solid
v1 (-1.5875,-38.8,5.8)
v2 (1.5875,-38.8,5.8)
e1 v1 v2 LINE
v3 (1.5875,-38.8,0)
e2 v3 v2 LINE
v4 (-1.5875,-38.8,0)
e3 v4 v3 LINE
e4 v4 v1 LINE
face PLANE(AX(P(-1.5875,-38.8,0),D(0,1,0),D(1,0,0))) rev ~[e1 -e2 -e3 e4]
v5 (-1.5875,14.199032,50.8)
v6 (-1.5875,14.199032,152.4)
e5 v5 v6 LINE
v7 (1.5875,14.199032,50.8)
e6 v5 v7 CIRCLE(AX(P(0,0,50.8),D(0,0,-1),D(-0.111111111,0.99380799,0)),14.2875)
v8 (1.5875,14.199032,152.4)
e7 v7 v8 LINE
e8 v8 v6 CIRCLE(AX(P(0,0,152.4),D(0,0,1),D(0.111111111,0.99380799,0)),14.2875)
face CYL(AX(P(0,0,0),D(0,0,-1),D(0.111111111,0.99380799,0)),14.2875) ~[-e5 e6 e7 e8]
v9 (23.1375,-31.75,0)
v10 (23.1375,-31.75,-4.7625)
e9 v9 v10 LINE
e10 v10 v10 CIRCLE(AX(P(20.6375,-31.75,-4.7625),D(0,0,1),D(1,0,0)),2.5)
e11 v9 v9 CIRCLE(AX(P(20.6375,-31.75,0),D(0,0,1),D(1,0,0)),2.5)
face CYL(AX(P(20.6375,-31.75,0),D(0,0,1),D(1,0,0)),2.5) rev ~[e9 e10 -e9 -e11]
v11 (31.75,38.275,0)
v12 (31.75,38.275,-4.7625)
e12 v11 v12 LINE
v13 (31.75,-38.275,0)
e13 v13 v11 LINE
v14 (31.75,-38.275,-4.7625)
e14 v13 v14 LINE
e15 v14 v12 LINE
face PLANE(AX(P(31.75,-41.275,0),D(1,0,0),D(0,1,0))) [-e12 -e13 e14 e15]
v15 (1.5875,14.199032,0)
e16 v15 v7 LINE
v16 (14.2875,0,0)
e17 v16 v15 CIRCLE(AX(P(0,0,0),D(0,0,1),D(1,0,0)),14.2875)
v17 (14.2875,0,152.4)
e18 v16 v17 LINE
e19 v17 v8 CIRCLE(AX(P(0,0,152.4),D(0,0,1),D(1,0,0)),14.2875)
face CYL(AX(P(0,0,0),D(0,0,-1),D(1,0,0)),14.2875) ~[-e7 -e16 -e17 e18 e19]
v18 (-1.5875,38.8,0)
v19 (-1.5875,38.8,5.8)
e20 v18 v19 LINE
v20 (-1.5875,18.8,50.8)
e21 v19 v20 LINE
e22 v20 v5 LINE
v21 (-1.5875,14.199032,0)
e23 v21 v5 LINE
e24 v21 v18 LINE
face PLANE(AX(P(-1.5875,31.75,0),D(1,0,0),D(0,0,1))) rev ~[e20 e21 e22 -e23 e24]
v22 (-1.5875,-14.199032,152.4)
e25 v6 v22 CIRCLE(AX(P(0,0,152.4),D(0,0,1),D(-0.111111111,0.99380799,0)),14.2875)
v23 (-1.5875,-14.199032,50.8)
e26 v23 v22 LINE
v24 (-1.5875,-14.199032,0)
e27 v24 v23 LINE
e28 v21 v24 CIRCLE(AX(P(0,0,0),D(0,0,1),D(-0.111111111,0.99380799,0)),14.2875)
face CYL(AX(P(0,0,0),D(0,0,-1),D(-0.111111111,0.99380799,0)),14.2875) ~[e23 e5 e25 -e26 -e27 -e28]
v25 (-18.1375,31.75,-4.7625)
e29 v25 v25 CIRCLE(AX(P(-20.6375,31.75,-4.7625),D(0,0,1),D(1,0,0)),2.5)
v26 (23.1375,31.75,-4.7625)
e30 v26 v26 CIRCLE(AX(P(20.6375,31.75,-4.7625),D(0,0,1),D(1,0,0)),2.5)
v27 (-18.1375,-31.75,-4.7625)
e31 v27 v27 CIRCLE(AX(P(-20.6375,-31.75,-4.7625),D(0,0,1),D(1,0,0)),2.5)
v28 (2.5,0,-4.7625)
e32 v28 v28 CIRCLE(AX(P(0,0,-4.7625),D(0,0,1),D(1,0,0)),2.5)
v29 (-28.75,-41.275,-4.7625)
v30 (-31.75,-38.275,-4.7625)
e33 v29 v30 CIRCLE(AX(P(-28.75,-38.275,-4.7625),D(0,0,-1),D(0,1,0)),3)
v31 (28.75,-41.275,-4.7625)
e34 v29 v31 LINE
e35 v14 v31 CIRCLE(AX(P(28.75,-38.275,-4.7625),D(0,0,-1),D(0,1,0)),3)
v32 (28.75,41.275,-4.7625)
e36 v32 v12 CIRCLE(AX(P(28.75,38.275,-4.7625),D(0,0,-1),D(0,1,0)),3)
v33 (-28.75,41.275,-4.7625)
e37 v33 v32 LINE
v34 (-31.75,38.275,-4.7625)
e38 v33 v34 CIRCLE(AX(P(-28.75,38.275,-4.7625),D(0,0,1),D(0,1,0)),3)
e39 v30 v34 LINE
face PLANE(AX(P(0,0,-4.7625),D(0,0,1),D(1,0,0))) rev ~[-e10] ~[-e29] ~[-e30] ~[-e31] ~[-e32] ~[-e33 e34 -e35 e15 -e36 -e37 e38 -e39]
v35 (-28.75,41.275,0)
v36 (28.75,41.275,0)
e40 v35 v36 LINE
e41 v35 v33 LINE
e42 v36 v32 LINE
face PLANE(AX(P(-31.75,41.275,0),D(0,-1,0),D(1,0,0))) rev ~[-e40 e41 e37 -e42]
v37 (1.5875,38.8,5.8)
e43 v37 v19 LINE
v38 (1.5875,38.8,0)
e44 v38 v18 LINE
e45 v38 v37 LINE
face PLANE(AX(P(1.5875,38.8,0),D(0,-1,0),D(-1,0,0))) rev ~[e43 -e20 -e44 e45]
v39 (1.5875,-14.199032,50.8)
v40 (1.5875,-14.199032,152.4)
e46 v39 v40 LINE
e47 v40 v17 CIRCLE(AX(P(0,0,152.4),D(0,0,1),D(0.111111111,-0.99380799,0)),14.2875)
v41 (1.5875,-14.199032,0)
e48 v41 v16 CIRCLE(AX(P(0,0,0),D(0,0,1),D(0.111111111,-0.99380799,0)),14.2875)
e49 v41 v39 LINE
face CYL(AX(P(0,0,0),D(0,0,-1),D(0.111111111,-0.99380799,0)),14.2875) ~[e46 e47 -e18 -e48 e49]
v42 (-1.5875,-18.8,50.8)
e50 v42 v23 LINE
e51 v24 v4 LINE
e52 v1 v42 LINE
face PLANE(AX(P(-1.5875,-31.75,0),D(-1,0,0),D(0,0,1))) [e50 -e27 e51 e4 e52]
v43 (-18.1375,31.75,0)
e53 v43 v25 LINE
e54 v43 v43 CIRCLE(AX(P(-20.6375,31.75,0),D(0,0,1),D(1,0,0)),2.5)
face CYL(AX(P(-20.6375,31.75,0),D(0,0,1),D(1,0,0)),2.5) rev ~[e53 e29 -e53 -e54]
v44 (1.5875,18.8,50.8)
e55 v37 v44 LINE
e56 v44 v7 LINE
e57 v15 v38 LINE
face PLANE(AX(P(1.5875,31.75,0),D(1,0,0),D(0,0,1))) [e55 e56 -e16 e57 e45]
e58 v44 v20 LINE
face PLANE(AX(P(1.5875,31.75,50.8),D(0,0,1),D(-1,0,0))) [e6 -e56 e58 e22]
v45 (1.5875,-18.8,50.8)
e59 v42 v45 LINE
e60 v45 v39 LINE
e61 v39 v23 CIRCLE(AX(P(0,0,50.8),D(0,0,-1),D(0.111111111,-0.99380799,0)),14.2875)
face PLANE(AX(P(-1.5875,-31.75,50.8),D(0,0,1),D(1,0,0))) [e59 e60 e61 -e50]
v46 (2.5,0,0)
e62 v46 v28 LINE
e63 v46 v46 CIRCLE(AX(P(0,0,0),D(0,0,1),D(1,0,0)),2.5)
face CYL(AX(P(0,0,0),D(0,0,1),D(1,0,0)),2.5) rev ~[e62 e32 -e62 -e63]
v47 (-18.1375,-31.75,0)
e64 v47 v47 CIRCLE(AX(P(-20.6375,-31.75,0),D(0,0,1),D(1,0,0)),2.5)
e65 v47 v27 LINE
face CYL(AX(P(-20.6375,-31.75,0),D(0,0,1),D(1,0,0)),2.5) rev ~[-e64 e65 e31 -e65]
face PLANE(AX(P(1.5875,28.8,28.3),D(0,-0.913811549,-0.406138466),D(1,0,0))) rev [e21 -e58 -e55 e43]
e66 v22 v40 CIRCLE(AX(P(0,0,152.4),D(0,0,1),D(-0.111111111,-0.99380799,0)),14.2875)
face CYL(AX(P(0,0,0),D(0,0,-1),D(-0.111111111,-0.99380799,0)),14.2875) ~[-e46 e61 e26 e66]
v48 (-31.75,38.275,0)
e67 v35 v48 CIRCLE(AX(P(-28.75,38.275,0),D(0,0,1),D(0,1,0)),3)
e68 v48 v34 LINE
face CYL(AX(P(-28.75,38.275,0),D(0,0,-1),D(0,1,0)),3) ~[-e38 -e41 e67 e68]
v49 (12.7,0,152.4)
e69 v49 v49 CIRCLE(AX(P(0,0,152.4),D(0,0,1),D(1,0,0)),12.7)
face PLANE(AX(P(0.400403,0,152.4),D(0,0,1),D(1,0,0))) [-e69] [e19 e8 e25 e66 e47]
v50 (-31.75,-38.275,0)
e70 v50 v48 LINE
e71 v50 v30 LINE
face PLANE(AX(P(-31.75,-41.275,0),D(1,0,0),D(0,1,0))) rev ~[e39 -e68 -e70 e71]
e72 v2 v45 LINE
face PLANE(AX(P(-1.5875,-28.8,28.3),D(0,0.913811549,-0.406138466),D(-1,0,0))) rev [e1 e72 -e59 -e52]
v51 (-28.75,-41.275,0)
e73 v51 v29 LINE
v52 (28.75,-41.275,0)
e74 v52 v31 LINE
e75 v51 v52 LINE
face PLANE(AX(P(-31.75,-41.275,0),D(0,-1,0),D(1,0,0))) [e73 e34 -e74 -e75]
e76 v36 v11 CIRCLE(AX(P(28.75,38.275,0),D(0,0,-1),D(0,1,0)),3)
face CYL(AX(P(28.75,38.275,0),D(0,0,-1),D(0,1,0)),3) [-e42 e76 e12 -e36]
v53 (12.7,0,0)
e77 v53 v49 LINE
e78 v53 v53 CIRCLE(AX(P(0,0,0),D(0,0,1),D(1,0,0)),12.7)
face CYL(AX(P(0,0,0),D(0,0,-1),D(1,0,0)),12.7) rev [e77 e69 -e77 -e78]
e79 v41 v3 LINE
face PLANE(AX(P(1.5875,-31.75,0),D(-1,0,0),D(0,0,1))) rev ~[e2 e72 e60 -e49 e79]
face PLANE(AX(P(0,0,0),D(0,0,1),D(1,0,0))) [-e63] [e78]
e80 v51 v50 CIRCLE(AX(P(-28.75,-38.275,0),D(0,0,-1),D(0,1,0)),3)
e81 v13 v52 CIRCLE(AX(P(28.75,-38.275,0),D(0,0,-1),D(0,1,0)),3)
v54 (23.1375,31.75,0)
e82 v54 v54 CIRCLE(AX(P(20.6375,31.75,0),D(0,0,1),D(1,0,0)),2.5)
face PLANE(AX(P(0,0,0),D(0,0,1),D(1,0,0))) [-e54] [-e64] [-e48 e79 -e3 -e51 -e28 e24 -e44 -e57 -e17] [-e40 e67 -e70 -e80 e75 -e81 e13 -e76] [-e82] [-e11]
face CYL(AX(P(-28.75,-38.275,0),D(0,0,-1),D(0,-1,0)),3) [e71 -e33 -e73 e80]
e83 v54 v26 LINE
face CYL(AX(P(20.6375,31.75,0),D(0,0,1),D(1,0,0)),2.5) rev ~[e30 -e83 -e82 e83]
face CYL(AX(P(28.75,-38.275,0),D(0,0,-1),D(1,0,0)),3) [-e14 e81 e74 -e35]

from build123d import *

# Parameters (mm, degrees)
F0_W     = 63.5
F0_H     = 82.55
F0_R     = 2.5
F0_R_2   = 12.7
F1_DEPTH = 4.7625
F2_DEPTH = 152.4
F3_DEPTH = 50.8
F4_DEPTH = 7.05
F5_DEPTH = 7.05
F6_R     = 3
F7_SIZE2 = 20
F7_SIZE  = 45
F8_SIZE2 = 20
F8_SIZE  = 45


with BuildPart() as f1:
    # F0 (on Top) → F1 (new body)
    with BuildSketch(Plane.XY):
        Rectangle(F0_W, F0_H)
        with Locations((-20.6375, -31.75)):
            Circle(F0_R, mode=Mode.SUBTRACT)
        with Locations((20.6375, -31.75)):
            Circle(F0_R, mode=Mode.SUBTRACT)
        with Locations((-20.6375, 25.4)):
            Circle(F0_R, mode=Mode.SUBTRACT)
        with Locations((-20.6375, 31.75)):
            Circle(F0_R, mode=Mode.SUBTRACT)
        with BuildLine():
            ThreePointArc((1.5875, 14.1990316571), (10.6492737428, 9.525), (14.2875, 0))
            ThreePointArc((14.2875, 0), (10.6492737428, -9.525), (1.5875, -14.1990316571))
            Line((1.5875, -14.1990316571), (1.5875, -31.75))
            Line((1.5875, -31.75), (0, -31.75))
            Line((0, -31.75), (-1.5875, -31.75))
            Line((-1.5875, -31.75), (-1.5875, -14.1990316571))
            ThreePointArc((-1.5875, -14.1990316571), (-14.2875, 0), (-1.5875, 14.1990316571))
            Line((-1.5875, 14.1990316571), (-1.5875, 31.75))
            Line((-1.5875, 31.75), (0, 31.75))
            Line((0, 31.75), (1.5875, 31.75))
            Line((1.5875, 31.75), (1.5875, 14.1990316571))
        make_face(mode=Mode.SUBTRACT)
        with Locations((20.6375, 25.4)):
            Circle(F0_R, mode=Mode.SUBTRACT)
        with Locations((20.6375, 31.75)):
            Circle(F0_R, mode=Mode.SUBTRACT)
        with BuildLine():
            Line((1.5875, -31.75), (1.5875, -14.1990316571))
            ThreePointArc((1.5875, -14.1990316571), (0, -14.2875), (-1.5875, -14.1990316571))
            Line((-1.5875, -14.1990316571), (-1.5875, -31.75))
            Line((-1.5875, -31.75), (0, -31.75))
            Line((0, -31.75), (1.5875, -31.75))
        make_face()
        with BuildLine():
            ThreePointArc((1.5875, -14.1990316571), (10.6492737428, -9.525), (14.2875, 0))
            ThreePointArc((14.2875, 0), (10.6492737428, 9.525), (1.5875, 14.1990316571))
            ThreePointArc((1.5875, 14.1990316571), (0, 14.2875), (-1.5875, 14.1990316571))
            ThreePointArc((-1.5875, 14.1990316571), (-14.2875, 0), (-1.5875, -14.1990316571))
            ThreePointArc((-1.5875, -14.1990316571), (0, -14.2875), (1.5875, -14.1990316571))
        make_face()
        Circle(F0_R_2, mode=Mode.SUBTRACT)
        Circle(F0_R_2)
        Circle(F0_R, mode=Mode.SUBTRACT)
        with BuildLine():
            ThreePointArc((-1.5875, 14.1990316571), (0, 14.2875), (1.5875, 14.1990316571))
            Line((1.5875, 14.1990316571), (1.5875, 31.75))
            Line((1.5875, 31.75), (0, 31.75))
            Line((0, 31.75), (-1.5875, 31.75))
            Line((-1.5875, 31.75), (-1.5875, 14.1990316571))
        make_face()
        with Locations((-20.6375, 25.4)):
            Circle(F0_R)
        with Locations((20.6375, 25.4)):
            Circle(F0_R)
    extrude(amount=-F1_DEPTH)

    # F0 (on Top) → F2 (join)
    with BuildSketch(Plane.XY):
        with BuildLine():
            ThreePointArc((1.5875, -14.1990316571), (10.6492737428, -9.525), (14.2875, 0))
            ThreePointArc((14.2875, 0), (10.6492737428, 9.525), (1.5875, 14.1990316571))
            ThreePointArc((1.5875, 14.1990316571), (0, 14.2875), (-1.5875, 14.1990316571))
            ThreePointArc((-1.5875, 14.1990316571), (-14.2875, 0), (-1.5875, -14.1990316571))
            ThreePointArc((-1.5875, -14.1990316571), (0, -14.2875), (1.5875, -14.1990316571))
        make_face()
        Circle(F0_R_2, mode=Mode.SUBTRACT)
    extrude(amount=F2_DEPTH)

    # F0 (on Top) → F3 (join)
    with BuildSketch(Plane.XY):
        with BuildLine():
            Line((1.5875, -31.75), (1.5875, -14.1990316571))
            ThreePointArc((1.5875, -14.1990316571), (0, -14.2875), (-1.5875, -14.1990316571))
            Line((-1.5875, -14.1990316571), (-1.5875, -31.75))
            Line((-1.5875, -31.75), (0, -31.75))
            Line((0, -31.75), (1.5875, -31.75))
        make_face()
        with BuildLine():
            ThreePointArc((-1.5875, 14.1990316571), (0, 14.2875), (1.5875, 14.1990316571))
            Line((1.5875, 14.1990316571), (1.5875, 31.75))
            Line((1.5875, 31.75), (0, 31.75))
            Line((0, 31.75), (-1.5875, 31.75))
            Line((-1.5875, 31.75), (-1.5875, 14.1990316571))
        make_face()
    extrude(amount=F3_DEPTH)

    # F4 (add): a face of the model
    f4_faces = [f1.faces().sort_by_distance(p)[0] for p in [
        (0, -31.75, 25.4),
    ]]
    extrude(f4_faces, amount=F4_DEPTH)

    # F5 (add): a face of the model
    f5_faces = [f1.faces().sort_by_distance(p)[0] for p in [
        (0, 31.75, 25.4),
    ]]
    extrude(f5_faces, amount=F5_DEPTH)

    # F6
    f6_edges = [f1.edges().sort_by_distance(p)[0] for p in [
        (31.75, -41.275, -2.38125),
        (31.75, 41.275, -2.38125),
        (-31.75, 41.275, -2.38125),
        (-31.75, -41.275, -2.38125),
    ]]
    fillet(f6_edges, radius=F6_R)

    # F7
    f7_edges = [f1.edges().sort_by_distance(p)[0] for p in [
        (0, -38.8, 50.8),
    ]]
    f7_side = f1.faces().sort_by_distance((0, -38.8, 25.4))[0]
    chamfer(f7_edges, length=F7_SIZE, length2=F7_SIZE2, reference=f7_side)

    # F8
    f8_edges = [f1.edges().sort_by_distance(p)[0] for p in [
        (0, 38.8, 50.8),
    ]]
    chamfer(f8_edges, length=F8_SIZE, length2=F8_SIZE2)


solid = f1.part
